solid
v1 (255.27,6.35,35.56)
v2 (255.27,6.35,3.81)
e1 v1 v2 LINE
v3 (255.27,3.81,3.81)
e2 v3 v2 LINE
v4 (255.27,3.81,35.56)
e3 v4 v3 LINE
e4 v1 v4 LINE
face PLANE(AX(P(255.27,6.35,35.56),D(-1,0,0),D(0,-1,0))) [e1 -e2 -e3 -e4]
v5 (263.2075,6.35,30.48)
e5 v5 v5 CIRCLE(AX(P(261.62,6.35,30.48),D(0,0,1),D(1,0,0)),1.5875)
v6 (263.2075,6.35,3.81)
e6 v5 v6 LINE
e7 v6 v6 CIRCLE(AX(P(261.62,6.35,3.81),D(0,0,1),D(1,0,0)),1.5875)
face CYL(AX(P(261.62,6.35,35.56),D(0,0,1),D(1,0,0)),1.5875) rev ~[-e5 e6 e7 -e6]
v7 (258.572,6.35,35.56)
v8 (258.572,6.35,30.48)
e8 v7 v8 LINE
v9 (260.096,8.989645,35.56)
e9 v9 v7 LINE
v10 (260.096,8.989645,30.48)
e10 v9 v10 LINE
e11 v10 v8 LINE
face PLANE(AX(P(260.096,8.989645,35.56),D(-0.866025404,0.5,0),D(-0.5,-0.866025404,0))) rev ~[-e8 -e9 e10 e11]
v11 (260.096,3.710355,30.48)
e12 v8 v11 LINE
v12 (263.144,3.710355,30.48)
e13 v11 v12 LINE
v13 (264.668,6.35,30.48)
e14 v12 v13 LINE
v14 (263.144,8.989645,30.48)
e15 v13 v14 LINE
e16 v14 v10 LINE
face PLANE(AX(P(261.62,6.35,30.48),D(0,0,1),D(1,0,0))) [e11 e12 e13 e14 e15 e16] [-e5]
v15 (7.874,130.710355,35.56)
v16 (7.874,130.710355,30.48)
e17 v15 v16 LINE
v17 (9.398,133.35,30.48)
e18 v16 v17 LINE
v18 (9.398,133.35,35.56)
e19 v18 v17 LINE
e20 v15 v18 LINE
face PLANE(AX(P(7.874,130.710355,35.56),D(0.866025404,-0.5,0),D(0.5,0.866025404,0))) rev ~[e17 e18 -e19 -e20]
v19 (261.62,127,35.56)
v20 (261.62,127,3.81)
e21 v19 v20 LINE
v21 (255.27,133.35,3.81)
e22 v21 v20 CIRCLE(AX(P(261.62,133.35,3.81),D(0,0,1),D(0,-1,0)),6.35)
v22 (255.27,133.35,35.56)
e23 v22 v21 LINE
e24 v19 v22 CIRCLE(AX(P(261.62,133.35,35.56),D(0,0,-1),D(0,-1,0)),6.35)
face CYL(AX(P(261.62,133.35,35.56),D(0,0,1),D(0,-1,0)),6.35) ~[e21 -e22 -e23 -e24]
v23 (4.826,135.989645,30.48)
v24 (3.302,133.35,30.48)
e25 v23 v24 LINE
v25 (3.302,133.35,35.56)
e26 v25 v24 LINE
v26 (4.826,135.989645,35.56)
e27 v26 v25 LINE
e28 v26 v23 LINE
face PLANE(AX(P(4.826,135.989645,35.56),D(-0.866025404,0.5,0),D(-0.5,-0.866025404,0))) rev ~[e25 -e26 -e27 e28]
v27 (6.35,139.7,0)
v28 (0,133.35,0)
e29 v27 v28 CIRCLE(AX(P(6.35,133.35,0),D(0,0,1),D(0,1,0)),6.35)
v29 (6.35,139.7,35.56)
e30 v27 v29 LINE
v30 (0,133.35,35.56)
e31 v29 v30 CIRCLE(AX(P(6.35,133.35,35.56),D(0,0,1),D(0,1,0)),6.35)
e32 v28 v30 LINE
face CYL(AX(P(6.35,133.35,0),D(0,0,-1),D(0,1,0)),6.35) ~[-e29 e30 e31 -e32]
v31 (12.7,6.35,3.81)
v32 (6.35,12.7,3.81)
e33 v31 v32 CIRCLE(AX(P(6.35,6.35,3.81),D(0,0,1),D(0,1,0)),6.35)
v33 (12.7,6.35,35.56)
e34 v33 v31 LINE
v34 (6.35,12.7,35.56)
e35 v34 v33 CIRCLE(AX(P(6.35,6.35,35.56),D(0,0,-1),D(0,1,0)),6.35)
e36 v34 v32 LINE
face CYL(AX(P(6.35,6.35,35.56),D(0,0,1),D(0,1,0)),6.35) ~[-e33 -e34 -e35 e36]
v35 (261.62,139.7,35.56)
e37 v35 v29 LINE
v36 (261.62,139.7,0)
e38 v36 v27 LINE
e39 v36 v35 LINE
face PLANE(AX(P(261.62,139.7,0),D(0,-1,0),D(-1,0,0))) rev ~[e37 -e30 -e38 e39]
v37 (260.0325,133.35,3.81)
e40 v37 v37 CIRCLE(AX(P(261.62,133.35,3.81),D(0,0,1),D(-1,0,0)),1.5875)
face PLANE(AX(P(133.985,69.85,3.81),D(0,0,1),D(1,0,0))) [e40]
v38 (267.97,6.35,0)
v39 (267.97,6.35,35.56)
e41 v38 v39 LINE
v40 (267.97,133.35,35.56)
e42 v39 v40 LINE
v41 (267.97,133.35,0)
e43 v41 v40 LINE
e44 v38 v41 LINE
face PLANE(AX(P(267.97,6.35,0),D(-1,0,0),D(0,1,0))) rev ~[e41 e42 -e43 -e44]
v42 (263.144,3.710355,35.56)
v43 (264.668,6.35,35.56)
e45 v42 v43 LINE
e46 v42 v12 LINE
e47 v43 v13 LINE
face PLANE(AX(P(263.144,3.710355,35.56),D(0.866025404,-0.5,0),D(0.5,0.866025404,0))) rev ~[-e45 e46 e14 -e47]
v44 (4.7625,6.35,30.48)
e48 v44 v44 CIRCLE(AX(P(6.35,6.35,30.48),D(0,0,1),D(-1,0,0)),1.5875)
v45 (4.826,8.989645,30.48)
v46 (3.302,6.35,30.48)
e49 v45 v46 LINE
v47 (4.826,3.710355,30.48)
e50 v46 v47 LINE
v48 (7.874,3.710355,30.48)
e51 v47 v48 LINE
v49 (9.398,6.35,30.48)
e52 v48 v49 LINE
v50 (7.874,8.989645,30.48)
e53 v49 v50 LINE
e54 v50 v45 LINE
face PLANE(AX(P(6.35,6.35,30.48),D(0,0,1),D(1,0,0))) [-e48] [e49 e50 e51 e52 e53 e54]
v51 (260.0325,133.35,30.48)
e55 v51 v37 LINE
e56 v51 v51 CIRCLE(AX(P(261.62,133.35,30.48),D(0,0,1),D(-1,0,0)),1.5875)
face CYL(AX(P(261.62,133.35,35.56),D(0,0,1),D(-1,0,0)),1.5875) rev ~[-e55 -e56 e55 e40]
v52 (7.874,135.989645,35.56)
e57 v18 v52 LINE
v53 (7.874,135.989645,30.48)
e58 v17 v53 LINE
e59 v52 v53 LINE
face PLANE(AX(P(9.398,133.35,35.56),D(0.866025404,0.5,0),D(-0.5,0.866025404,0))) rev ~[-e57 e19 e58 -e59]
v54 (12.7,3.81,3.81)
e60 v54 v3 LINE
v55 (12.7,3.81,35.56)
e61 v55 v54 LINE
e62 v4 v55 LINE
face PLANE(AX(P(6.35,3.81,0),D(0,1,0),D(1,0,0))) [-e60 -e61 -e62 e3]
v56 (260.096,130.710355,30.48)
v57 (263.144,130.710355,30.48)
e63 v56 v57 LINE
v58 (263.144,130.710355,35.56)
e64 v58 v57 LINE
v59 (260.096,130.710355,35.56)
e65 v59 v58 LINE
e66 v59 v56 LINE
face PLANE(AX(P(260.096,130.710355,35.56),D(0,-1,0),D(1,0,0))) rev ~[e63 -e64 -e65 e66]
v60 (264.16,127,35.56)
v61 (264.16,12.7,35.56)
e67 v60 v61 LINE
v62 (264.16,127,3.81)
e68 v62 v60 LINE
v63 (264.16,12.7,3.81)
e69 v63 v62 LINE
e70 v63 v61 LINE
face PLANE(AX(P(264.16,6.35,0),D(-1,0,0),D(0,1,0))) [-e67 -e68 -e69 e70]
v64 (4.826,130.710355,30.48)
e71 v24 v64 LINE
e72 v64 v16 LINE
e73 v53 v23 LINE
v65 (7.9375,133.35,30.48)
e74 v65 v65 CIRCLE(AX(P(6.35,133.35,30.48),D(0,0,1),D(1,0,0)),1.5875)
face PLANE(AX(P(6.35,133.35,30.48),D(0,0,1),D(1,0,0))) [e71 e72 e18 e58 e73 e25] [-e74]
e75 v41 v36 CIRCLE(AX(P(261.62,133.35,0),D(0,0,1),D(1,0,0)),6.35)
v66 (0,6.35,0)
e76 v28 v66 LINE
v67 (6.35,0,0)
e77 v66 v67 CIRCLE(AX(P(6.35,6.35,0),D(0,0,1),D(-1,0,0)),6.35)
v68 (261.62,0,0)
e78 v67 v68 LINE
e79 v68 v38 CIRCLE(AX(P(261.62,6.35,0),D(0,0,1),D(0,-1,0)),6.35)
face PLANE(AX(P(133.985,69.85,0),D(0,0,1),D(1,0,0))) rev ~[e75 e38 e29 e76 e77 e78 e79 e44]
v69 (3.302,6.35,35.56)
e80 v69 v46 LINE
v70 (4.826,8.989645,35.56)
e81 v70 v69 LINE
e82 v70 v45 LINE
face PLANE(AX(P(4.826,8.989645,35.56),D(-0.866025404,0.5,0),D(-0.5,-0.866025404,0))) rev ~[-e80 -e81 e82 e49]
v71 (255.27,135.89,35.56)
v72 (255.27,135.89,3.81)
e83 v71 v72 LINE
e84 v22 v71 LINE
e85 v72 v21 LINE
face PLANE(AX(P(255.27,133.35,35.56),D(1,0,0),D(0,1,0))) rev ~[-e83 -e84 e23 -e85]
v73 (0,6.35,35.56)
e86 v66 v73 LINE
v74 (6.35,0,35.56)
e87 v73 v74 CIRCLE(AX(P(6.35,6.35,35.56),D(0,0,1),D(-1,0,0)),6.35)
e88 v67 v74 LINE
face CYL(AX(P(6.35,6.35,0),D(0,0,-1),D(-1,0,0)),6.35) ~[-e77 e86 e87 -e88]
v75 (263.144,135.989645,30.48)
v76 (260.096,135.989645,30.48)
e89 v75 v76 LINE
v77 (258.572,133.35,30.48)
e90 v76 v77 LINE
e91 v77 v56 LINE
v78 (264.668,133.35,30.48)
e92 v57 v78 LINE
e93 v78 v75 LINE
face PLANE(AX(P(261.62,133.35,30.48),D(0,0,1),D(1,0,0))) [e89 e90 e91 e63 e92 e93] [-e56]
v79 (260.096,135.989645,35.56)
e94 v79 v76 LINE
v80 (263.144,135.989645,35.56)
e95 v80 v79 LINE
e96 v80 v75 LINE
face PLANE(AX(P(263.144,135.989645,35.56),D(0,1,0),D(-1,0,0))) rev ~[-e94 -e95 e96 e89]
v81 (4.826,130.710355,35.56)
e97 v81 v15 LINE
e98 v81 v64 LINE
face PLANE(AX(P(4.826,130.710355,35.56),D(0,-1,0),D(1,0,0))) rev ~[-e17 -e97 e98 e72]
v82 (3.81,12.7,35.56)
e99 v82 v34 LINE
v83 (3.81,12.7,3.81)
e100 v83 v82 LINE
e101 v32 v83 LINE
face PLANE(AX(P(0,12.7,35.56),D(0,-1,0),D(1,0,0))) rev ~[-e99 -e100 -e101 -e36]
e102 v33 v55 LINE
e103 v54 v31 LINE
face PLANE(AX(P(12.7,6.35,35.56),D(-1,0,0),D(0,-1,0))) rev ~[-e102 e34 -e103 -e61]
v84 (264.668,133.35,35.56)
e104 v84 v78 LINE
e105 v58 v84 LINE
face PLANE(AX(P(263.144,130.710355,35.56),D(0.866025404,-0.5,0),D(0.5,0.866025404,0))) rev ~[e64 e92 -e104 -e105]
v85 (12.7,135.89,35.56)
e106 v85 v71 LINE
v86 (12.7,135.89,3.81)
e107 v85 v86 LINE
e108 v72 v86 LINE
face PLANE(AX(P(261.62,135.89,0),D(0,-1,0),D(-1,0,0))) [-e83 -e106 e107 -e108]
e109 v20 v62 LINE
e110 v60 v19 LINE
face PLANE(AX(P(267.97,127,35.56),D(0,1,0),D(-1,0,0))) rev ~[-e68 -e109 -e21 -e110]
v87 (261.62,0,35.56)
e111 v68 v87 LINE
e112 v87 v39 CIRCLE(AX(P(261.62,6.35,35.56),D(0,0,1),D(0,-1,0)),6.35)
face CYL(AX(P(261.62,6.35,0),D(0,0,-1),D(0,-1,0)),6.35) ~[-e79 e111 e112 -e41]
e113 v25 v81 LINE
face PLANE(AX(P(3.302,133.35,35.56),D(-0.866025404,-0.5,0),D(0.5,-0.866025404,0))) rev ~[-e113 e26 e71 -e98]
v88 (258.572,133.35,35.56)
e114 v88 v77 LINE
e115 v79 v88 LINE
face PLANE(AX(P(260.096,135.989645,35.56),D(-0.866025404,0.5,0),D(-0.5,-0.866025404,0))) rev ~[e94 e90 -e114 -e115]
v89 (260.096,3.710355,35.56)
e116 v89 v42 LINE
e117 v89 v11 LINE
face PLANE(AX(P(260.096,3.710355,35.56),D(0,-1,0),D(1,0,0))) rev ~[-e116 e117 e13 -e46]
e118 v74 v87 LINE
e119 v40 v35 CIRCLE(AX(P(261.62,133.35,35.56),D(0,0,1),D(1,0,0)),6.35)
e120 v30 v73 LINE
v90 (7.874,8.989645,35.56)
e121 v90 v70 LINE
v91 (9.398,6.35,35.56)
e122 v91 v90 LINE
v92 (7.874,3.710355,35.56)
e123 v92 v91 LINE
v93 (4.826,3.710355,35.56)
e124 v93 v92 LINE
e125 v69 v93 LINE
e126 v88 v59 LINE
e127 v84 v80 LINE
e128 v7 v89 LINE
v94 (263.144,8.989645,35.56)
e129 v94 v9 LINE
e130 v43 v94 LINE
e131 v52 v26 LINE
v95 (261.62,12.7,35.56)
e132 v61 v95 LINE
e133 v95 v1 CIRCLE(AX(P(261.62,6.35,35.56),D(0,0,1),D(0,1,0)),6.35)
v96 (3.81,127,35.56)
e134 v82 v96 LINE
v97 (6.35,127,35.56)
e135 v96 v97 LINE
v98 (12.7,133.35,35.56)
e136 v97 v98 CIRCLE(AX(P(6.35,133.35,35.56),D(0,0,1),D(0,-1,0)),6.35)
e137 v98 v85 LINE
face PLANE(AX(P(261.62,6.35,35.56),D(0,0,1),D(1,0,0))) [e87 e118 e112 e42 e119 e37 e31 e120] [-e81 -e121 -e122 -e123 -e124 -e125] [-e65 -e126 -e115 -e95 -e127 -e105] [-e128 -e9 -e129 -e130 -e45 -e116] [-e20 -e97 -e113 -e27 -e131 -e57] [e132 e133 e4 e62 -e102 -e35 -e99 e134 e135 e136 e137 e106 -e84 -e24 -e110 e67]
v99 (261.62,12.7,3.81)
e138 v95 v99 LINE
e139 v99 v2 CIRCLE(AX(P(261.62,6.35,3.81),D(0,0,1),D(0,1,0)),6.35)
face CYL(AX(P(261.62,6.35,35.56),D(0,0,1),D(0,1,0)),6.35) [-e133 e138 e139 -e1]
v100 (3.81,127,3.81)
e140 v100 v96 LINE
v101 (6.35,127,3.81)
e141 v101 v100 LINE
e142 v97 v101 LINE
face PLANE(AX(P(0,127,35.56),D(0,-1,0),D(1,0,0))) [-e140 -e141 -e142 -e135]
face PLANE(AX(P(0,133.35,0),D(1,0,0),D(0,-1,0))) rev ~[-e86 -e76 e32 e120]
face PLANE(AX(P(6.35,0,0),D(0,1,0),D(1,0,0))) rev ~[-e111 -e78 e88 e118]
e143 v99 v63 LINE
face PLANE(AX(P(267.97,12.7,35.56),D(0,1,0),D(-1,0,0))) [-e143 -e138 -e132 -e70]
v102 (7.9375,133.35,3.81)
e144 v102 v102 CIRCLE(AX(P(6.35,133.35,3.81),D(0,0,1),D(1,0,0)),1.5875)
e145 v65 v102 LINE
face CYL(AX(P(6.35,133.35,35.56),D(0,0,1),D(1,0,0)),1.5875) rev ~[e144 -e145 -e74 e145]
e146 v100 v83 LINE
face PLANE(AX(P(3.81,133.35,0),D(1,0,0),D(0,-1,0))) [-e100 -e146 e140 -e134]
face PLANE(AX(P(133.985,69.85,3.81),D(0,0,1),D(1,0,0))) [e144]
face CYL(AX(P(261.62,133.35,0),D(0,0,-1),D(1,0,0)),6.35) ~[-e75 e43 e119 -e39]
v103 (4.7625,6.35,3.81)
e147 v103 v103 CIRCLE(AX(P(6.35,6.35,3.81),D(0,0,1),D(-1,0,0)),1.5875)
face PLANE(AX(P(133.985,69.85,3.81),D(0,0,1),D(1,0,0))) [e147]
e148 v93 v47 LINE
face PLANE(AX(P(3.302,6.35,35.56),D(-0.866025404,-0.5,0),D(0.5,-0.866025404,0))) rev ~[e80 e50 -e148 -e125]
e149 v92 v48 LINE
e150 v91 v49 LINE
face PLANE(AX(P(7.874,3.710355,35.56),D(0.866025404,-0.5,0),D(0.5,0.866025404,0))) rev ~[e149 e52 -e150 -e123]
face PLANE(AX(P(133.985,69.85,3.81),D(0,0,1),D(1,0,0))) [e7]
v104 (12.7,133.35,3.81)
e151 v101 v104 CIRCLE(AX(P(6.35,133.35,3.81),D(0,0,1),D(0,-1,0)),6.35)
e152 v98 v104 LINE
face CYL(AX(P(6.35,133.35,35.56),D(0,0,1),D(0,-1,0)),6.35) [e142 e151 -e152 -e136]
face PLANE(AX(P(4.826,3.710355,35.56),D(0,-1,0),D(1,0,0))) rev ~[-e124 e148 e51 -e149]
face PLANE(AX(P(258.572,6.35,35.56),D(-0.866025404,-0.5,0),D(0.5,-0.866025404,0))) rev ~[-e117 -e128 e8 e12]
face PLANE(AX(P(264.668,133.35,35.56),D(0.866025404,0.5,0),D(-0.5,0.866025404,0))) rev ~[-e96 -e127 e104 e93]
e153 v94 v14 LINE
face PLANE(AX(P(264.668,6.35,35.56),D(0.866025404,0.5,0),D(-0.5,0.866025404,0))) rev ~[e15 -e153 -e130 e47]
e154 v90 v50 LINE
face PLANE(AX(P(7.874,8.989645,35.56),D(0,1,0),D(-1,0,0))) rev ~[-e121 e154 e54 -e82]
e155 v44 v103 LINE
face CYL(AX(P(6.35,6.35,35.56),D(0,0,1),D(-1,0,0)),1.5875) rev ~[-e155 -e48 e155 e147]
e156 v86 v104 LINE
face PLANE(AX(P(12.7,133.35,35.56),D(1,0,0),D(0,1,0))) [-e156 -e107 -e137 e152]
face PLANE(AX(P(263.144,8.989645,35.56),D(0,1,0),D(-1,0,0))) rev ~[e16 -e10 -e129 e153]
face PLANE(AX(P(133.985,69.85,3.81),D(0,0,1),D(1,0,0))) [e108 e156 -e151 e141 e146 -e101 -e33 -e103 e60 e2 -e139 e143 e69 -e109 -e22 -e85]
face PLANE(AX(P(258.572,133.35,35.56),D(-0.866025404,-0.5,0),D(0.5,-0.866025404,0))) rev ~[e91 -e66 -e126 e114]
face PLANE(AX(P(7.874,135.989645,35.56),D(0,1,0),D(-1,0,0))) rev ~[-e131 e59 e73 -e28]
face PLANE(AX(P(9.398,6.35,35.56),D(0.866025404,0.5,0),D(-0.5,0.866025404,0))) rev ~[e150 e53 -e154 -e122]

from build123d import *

# Parameters (mm, degrees)
BOSS_EXTRUDE1_DEPTH = 35.56
SHELL1_T            = -3.81
BOSS_EXTRUDE2_REACH = 306.284
SKETCH2_R           = 1.5875
CUT_EXTRUDE1_DEPTH  = 5.08


with BuildPart() as part:
    # Sketch1 → Boss-Extrude1 (new body)
    with BuildSketch(Plane.XY):
        with BuildLine():
            Line((6.35, 0), (261.62, 0))
            ThreePointArc((261.62, 0), (266.110128061, 1.859871939), (267.97, 6.35))
            Line((267.97, 6.35), (267.97, 133.35))
            ThreePointArc((267.97, 133.35), (266.110128061, 137.840128061), (261.62, 139.7))
            Line((261.62, 139.7), (6.35, 139.7))
            ThreePointArc((6.35, 139.7), (1.859871939, 137.840128061), (0, 133.35))
            Line((0, 133.35), (0, 6.35))
            ThreePointArc((0, 6.35), (1.859871939, 1.859871939), (6.35, 0))
        make_face()
    extrude(amount=BOSS_EXTRUDE1_DEPTH)

    # Shell1
    shell1_openings = [part.faces().sort_by_distance(p)[0] for p in [
        (133.985, 69.85, 35.56),
    ]]
    offset(amount=SHELL1_T, openings=shell1_openings, kind=Kind.INTERSECTION)

    # Sketch2 → Boss-Extrude2 (add, up to next)
    with BuildSketch(Plane.XY.offset(35.56), mode=Mode.PRIVATE) as boss_extrude2_sk1:
        with BuildLine():
            Line((255.27, 139.7), (261.62, 139.7))
            ThreePointArc((261.62, 139.7), (266.110128061, 137.840128061), (267.97, 133.35))
            Line((267.97, 133.35), (267.97, 127))
            Line((267.97, 127), (261.62, 127))
            ThreePointArc((261.62, 127), (257.129871939, 128.859871939), (255.27, 133.35))
            Line((255.27, 133.35), (255.27, 139.7))
        make_face()
        with Locations(Location((261.62, 133.35, 0), (0, 0, 180))):
            Circle(SKETCH2_R, mode=Mode.SUBTRACT)
    boss_extrude2_tool1 = extrude(boss_extrude2_sk1.sketch, amount=-BOSS_EXTRUDE2_REACH, mode=Mode.PRIVATE) - part.part
    # Sketch2 → Boss-Extrude2 (add, up to next)
    with BuildSketch(Plane.XY.offset(35.56), mode=Mode.PRIVATE) as boss_extrude2_sk2:
        with BuildLine():
            Line((12.7, 133.35), (12.7, 139.7))
            Line((12.7, 139.7), (6.35, 139.7))
            ThreePointArc((6.35, 139.7), (1.859871939, 137.840128061), (0, 133.35))
            Line((0, 133.35), (0, 127))
            Line((0, 127), (6.35, 127))
            ThreePointArc((6.35, 127), (10.840128061, 128.859871939), (12.7, 133.35))
        make_face()
        with Locations((6.35, 133.35)):
            Circle(SKETCH2_R, mode=Mode.SUBTRACT)
    boss_extrude2_tool2 = extrude(boss_extrude2_sk2.sketch, amount=-BOSS_EXTRUDE2_REACH, mode=Mode.PRIVATE) - part.part
    # Sketch2 → Boss-Extrude2 (add, up to next)
    with BuildSketch(Plane.XY.offset(35.56), mode=Mode.PRIVATE) as boss_extrude2_sk3:
        with BuildLine():
            Line((12.7, 0), (6.35, 0))
            ThreePointArc((6.35, 0), (1.859871939, 1.859871939), (0, 6.35))
            Line((0, 6.35), (0, 12.7))
            Line((0, 12.7), (6.35, 12.7))
            ThreePointArc((6.35, 12.7), (10.840128061, 10.840128061), (12.7, 6.35))
            Line((12.7, 6.35), (12.7, 0))
        make_face()
        with Locations(Location((6.35, 6.35, 0), (0, 0, 180))):
            Circle(SKETCH2_R, mode=Mode.SUBTRACT)
    boss_extrude2_tool3 = extrude(boss_extrude2_sk3.sketch, amount=-BOSS_EXTRUDE2_REACH, mode=Mode.PRIVATE) - part.part
    # Sketch2 → Boss-Extrude2 (add, up to next)
    with BuildSketch(Plane.XY.offset(35.56), mode=Mode.PRIVATE) as boss_extrude2_sk4:
        with BuildLine():
            Line((255.27, 6.35), (255.27, 0))
            Line((255.27, 0), (261.62, 0))
            ThreePointArc((261.62, 0), (266.110128061, 1.859871939), (267.97, 6.35))
            Line((267.97, 6.35), (267.97, 12.7))
            Line((267.97, 12.7), (261.62, 12.7))
            ThreePointArc((261.62, 12.7), (257.129871939, 10.840128061), (255.27, 6.35))
        make_face()
        with Locations((261.62, 6.35)):
            Circle(SKETCH2_R, mode=Mode.SUBTRACT)
    boss_extrude2_tool4 = extrude(boss_extrude2_sk4.sketch, amount=-BOSS_EXTRUDE2_REACH, mode=Mode.PRIVATE) - part.part
    add(boss_extrude2_tool1.solids().sort_by_distance((258.445, 139.520395, 35.56))[0])
    add(boss_extrude2_tool2.solids().sort_by_distance((12.520395, 136.525, 35.56))[0])
    add(boss_extrude2_tool3.solids().sort_by_distance((12.520395, 3.175, 35.56))[0])
    add(boss_extrude2_tool4.solids().sort_by_distance((257.256872, 10.713128, 35.56))[0])

    # Sketch3 → Cut-Extrude1 (cut)
    with BuildSketch(Plane.XY.offset(35.56)):
        Polygon((9.398, 133.35), (7.874, 135.989645431), (4.826, 135.989645431), (3.302, 133.35), (4.826, 130.710354569), (7.874, 130.710354569), align=None)
        Polygon((258.572, 133.35), (260.096, 130.710354569), (263.144, 130.710354569), (264.668, 133.35), (263.144, 135.989645431), (260.096, 135.989645431), align=None)
        Polygon((264.668, 6.35), (263.144, 8.989645431), (260.096, 8.989645431), (258.572, 6.35), (260.096, 3.710354569), (263.144, 3.710354569), align=None)
        Polygon((9.398, 6.35), (7.874, 8.989645431), (4.826, 8.989645431), (3.302, 6.35), (4.826, 3.710354569), (7.874, 3.710354569), align=None)
    extrude(amount=-CUT_EXTRUDE1_DEPTH, mode=Mode.SUBTRACT)


solid = part.part
